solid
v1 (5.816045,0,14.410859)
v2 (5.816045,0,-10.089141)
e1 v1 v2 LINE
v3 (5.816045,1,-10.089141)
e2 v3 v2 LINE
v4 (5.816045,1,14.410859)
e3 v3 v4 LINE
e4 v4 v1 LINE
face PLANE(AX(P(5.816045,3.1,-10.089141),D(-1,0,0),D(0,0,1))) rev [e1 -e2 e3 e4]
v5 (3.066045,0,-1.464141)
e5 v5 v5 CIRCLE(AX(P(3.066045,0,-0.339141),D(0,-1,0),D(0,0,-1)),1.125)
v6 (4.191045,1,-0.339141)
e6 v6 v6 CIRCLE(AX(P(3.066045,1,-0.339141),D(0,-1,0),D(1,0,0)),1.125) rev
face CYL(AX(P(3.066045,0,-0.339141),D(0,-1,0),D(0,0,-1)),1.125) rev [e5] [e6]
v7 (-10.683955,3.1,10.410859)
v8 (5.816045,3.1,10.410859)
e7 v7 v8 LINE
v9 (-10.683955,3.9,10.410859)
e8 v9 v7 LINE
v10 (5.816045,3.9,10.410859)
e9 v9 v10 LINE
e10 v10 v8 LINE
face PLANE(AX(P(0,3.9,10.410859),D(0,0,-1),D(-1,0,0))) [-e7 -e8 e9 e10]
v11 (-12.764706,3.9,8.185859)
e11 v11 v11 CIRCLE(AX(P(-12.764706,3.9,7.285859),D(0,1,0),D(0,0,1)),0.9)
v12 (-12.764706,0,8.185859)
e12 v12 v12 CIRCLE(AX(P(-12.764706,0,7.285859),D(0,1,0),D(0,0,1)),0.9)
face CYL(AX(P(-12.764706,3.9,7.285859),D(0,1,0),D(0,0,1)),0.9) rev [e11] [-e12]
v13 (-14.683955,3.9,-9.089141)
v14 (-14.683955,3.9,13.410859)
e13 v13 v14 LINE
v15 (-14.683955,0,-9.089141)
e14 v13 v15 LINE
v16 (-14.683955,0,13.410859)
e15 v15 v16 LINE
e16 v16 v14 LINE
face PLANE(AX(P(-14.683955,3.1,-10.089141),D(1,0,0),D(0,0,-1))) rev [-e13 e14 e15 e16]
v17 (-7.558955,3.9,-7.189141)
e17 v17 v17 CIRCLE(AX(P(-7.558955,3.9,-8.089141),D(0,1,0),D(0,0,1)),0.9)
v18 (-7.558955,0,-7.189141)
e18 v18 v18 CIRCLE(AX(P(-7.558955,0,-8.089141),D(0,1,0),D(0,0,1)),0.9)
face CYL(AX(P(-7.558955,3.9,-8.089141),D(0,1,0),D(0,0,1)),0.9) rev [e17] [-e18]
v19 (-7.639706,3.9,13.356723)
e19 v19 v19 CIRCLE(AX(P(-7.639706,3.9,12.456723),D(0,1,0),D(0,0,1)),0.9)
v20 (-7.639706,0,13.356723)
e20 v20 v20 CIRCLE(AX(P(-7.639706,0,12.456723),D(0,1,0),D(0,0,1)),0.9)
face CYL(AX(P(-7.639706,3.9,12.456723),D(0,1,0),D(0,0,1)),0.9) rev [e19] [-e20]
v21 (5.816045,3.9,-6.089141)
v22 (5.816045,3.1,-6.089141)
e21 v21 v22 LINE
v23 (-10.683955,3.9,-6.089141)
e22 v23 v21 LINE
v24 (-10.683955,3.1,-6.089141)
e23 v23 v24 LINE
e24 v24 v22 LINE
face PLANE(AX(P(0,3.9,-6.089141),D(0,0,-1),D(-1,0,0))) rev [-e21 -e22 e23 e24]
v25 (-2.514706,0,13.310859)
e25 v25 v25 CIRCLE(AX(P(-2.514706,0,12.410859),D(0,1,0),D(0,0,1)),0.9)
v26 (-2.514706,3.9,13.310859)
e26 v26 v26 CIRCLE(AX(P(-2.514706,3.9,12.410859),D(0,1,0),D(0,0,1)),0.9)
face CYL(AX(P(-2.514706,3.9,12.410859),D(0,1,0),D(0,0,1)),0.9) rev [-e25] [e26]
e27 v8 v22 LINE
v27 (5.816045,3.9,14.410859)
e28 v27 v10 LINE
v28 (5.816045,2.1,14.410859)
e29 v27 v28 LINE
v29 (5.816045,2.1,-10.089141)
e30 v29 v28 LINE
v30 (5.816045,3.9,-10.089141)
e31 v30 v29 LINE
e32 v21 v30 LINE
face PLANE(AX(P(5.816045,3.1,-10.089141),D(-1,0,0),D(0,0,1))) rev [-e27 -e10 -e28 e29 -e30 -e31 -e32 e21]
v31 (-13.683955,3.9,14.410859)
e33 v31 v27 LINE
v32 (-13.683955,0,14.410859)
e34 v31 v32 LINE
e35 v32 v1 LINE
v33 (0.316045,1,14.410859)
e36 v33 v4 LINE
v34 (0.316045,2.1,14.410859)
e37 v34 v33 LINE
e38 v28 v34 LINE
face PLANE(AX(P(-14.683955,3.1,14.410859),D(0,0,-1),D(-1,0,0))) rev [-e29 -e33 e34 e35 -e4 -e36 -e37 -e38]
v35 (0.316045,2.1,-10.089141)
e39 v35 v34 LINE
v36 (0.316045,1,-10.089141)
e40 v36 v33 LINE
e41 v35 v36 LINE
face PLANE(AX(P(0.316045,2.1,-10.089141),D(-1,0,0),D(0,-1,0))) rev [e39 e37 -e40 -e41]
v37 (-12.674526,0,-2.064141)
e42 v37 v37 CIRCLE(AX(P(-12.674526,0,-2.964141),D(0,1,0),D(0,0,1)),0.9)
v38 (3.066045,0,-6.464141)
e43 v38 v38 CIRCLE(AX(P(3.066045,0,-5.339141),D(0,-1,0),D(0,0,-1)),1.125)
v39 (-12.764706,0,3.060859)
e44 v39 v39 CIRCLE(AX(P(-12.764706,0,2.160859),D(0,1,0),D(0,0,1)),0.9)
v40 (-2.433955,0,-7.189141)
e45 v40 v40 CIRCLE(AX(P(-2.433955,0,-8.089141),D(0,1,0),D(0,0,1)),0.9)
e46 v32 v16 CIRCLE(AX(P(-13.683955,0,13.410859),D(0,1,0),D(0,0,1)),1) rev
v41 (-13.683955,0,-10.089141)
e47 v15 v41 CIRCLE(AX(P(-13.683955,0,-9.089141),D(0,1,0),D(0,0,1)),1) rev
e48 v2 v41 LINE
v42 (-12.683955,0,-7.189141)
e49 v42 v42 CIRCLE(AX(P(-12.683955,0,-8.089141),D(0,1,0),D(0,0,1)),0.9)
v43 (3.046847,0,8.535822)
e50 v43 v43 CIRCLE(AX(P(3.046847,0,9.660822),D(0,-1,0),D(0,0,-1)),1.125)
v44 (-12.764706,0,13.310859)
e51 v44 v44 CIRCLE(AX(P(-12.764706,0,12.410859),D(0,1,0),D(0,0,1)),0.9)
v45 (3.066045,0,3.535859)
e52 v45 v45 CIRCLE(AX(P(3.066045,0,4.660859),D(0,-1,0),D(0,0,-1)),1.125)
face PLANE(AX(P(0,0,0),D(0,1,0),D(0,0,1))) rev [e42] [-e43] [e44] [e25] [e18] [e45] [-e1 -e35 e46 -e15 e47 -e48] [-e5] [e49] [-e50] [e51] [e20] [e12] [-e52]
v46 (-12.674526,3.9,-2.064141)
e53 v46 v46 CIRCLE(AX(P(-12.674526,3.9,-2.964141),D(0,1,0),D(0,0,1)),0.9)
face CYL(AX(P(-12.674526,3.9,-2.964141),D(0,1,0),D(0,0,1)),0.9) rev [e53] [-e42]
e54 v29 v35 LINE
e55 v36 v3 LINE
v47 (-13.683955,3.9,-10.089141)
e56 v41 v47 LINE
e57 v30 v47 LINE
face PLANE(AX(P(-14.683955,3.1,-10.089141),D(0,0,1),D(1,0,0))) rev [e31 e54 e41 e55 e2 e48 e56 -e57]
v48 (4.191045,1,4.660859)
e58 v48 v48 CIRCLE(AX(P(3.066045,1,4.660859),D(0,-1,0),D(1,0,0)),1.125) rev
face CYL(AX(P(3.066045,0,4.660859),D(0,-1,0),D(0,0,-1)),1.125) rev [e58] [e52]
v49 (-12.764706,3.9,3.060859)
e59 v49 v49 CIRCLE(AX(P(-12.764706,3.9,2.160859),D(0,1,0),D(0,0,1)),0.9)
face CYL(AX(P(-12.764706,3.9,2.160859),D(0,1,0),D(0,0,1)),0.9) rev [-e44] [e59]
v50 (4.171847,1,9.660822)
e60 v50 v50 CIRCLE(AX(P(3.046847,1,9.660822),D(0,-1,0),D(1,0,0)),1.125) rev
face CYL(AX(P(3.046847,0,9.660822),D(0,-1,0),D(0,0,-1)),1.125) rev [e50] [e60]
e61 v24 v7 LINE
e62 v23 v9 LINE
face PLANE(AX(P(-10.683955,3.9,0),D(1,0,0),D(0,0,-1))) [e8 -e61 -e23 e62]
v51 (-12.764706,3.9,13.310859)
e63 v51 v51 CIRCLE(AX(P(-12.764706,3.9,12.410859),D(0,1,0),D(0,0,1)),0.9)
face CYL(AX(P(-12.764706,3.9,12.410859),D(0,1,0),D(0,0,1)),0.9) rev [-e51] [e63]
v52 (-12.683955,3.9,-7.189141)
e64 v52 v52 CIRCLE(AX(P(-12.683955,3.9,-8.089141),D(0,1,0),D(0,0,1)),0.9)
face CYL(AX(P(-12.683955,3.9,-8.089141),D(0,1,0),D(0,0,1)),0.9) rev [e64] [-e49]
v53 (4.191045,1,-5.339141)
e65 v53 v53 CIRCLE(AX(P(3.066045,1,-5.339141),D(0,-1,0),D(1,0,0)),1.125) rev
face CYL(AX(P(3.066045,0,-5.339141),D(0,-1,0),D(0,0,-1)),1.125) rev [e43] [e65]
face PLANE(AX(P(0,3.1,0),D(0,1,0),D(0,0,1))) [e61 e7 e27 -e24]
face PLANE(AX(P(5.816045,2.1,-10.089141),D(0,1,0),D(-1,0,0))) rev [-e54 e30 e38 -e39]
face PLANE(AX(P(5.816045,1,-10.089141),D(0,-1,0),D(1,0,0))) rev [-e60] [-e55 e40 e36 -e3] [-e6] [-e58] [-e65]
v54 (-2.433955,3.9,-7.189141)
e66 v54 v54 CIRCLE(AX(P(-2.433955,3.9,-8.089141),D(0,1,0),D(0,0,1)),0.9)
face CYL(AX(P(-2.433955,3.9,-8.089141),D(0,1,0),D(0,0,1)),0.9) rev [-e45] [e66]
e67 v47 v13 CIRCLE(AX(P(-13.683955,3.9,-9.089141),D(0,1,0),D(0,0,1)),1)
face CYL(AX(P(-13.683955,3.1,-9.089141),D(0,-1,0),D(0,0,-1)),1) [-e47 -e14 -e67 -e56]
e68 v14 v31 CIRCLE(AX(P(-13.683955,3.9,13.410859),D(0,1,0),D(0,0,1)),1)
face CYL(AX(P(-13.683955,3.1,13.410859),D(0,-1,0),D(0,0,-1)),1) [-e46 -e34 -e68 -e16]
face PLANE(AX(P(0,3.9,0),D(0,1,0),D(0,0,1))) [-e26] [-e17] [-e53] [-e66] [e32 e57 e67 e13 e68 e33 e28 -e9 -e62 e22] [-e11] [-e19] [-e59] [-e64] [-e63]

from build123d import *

# Parameters (mm, degrees)
SKETCH1_W                           = 20.5
SKETCH1_H                           = 24.5
BOSS_EXTRUDE1_DEPTH                 = 3.1
SKETCH2_W                           = 5.5
SKETCH2_H                           = 1.1
CUT_EXTRUDE1_DEPTH                  = 29.731142046
SKETCH3_W                           = 16.5
SKETCH3_H                           = 4
BOSS_EXTRUDE2_DEPTH                 = 0.8
TAP_DRILL_FOR_M2_5X0_45_TAP1_REACH  = 22.94
TAP_DRILL_FOR_M2_5X0_45_TAP1_BORE_R = 1.125
TAP_DRILL_FOR_M2X0_4_TAP2_D         = 1.8
FILLET2_R                           = 1


with BuildPart() as part:
    # Sketch1 → Boss-Extrude1 (new body)
    with BuildSketch(Plane(origin=(0, 0, 0), x_dir=(1, 0, 0), z_dir=(0, 1, 0))):
        with Locations((-4.433954619, -2.160858995)):
            Rectangle(SKETCH1_W, SKETCH1_H)
    extrude(amount=BOSS_EXTRUDE1_DEPTH)

    # Sketch2 → Cut-Extrude1 (cut, through all)
    with BuildSketch(Plane.XY.offset(14.410858995)):
        with Locations((3.066045381, 1.55)):
            Rectangle(SKETCH2_W, SKETCH2_H)
    extrude(amount=-CUT_EXTRUDE1_DEPTH, mode=Mode.SUBTRACT)

    # Sketch3 → Boss-Extrude2 (add)
    with BuildSketch(Plane(origin=(0, 3.1, 0), x_dir=(1, 0, 0), z_dir=(0, 1, 0))):
        Polygon((-10.683954619, 10.089141005), (-14.683954619, 10.089141005), (-14.683954619, -14.410858995), (-10.683954619, -14.410858995), (-10.683954619, -10.410858995), (-10.683954619, 6.089141005), align=None)
        with Locations((-2.433954619, 8.089141005)):
            Rectangle(SKETCH3_W, SKETCH3_H)
        with Locations((-2.433954619, -12.410858995)):
            Rectangle(SKETCH3_W, SKETCH3_H)
    extrude(amount=BOSS_EXTRUDE2_DEPTH)

    # Tap Drill for M2.5x0.45 Tap1 bore → Tap Drill for M2.5x0.45 Tap1 (cut, up to next)
    with BuildSketch(Plane(origin=(0, 0, 0), x_dir=(-1, 0, 0), z_dir=(0, -1, 0)), mode=Mode.PRIVATE) as tap_drill_for_m2_5x0_45_tap1_sk1:
        with Locations((-3.066045381, 5.339141005)):
            Circle(TAP_DRILL_FOR_M2_5X0_45_TAP1_BORE_R)
    tap_drill_for_m2_5x0_45_tap1_tool1 = extrude(tap_drill_for_m2_5x0_45_tap1_sk1.sketch, amount=-TAP_DRILL_FOR_M2_5X0_45_TAP1_REACH, mode=Mode.PRIVATE) & part.part
    # Tap Drill for M2.5x0.45 Tap1 bore → Tap Drill for M2.5x0.45 Tap1 (cut, up to next)
    with BuildSketch(Plane(origin=(0, 0, 0), x_dir=(-1, 0, 0), z_dir=(0, -1, 0)), mode=Mode.PRIVATE) as tap_drill_for_m2_5x0_45_tap1_sk2:
        with Locations((-3.066045381, 0.339141005)):
            Circle(TAP_DRILL_FOR_M2_5X0_45_TAP1_BORE_R)
    tap_drill_for_m2_5x0_45_tap1_tool2 = extrude(tap_drill_for_m2_5x0_45_tap1_sk2.sketch, amount=-TAP_DRILL_FOR_M2_5X0_45_TAP1_REACH, mode=Mode.PRIVATE) & part.part
    # Tap Drill for M2.5x0.45 Tap1 bore → Tap Drill for M2.5x0.45 Tap1 (cut, up to next)
    with BuildSketch(Plane(origin=(0, 0, 0), x_dir=(-1, 0, 0), z_dir=(0, -1, 0)), mode=Mode.PRIVATE) as tap_drill_for_m2_5x0_45_tap1_sk3:
        with Locations((-3.066045381, -4.660858995)):
            Circle(TAP_DRILL_FOR_M2_5X0_45_TAP1_BORE_R)
    tap_drill_for_m2_5x0_45_tap1_tool3 = extrude(tap_drill_for_m2_5x0_45_tap1_sk3.sketch, amount=-TAP_DRILL_FOR_M2_5X0_45_TAP1_REACH, mode=Mode.PRIVATE) & part.part
    # Tap Drill for M2.5x0.45 Tap1 bore → Tap Drill for M2.5x0.45 Tap1 (cut, up to next)
    with BuildSketch(Plane(origin=(0, 0, 0), x_dir=(-1, 0, 0), z_dir=(0, -1, 0)), mode=Mode.PRIVATE) as tap_drill_for_m2_5x0_45_tap1_sk4:
        with Locations((-3.046847319, -9.660822138)):
            Circle(TAP_DRILL_FOR_M2_5X0_45_TAP1_BORE_R)
    tap_drill_for_m2_5x0_45_tap1_tool4 = extrude(tap_drill_for_m2_5x0_45_tap1_sk4.sketch, amount=-TAP_DRILL_FOR_M2_5X0_45_TAP1_REACH, mode=Mode.PRIVATE) & part.part
    add(tap_drill_for_m2_5x0_45_tap1_tool1.solids().sort_by_distance((3.066045, 0, -5.339141))[0], mode=Mode.SUBTRACT)
    add(tap_drill_for_m2_5x0_45_tap1_tool2.solids().sort_by_distance((3.066045, 0, -0.339141))[0], mode=Mode.SUBTRACT)
    add(tap_drill_for_m2_5x0_45_tap1_tool3.solids().sort_by_distance((3.066045, 0, 4.660859))[0], mode=Mode.SUBTRACT)
    add(tap_drill_for_m2_5x0_45_tap1_tool4.solids().sort_by_distance((3.046847, 0, 9.660822))[0], mode=Mode.SUBTRACT)

    # Tap Drill for M2x0.4 Tap2 (through all)
    with Locations(Plane(origin=(0, 3.9, 0), x_dir=(1, 0, 0), z_dir=(0, 1, 0))):
        with Locations((-12.683954619, 8.089141005), (-12.674525688, 2.964141005), (-12.764705981, -2.160858995), (-12.764705981, -7.285858995), (-12.764705981, -12.410858995), (-7.558954619, 8.089141005), (-2.433954619, 8.089141005), (-2.514705981, -12.410858995), (-7.639705981, -12.456722912)):
            Hole(TAP_DRILL_FOR_M2X0_4_TAP2_D / 2)

    # Fillet2
    fillet2_edges = [part.edges().sort_by_distance(p)[0] for p in [
        (-14.683954619, 1.95, -10.089141005),
        (-14.683954619, 1.95, 14.410858995),
    ]]
    fillet(fillet2_edges, radius=FILLET2_R)


solid = part.part
